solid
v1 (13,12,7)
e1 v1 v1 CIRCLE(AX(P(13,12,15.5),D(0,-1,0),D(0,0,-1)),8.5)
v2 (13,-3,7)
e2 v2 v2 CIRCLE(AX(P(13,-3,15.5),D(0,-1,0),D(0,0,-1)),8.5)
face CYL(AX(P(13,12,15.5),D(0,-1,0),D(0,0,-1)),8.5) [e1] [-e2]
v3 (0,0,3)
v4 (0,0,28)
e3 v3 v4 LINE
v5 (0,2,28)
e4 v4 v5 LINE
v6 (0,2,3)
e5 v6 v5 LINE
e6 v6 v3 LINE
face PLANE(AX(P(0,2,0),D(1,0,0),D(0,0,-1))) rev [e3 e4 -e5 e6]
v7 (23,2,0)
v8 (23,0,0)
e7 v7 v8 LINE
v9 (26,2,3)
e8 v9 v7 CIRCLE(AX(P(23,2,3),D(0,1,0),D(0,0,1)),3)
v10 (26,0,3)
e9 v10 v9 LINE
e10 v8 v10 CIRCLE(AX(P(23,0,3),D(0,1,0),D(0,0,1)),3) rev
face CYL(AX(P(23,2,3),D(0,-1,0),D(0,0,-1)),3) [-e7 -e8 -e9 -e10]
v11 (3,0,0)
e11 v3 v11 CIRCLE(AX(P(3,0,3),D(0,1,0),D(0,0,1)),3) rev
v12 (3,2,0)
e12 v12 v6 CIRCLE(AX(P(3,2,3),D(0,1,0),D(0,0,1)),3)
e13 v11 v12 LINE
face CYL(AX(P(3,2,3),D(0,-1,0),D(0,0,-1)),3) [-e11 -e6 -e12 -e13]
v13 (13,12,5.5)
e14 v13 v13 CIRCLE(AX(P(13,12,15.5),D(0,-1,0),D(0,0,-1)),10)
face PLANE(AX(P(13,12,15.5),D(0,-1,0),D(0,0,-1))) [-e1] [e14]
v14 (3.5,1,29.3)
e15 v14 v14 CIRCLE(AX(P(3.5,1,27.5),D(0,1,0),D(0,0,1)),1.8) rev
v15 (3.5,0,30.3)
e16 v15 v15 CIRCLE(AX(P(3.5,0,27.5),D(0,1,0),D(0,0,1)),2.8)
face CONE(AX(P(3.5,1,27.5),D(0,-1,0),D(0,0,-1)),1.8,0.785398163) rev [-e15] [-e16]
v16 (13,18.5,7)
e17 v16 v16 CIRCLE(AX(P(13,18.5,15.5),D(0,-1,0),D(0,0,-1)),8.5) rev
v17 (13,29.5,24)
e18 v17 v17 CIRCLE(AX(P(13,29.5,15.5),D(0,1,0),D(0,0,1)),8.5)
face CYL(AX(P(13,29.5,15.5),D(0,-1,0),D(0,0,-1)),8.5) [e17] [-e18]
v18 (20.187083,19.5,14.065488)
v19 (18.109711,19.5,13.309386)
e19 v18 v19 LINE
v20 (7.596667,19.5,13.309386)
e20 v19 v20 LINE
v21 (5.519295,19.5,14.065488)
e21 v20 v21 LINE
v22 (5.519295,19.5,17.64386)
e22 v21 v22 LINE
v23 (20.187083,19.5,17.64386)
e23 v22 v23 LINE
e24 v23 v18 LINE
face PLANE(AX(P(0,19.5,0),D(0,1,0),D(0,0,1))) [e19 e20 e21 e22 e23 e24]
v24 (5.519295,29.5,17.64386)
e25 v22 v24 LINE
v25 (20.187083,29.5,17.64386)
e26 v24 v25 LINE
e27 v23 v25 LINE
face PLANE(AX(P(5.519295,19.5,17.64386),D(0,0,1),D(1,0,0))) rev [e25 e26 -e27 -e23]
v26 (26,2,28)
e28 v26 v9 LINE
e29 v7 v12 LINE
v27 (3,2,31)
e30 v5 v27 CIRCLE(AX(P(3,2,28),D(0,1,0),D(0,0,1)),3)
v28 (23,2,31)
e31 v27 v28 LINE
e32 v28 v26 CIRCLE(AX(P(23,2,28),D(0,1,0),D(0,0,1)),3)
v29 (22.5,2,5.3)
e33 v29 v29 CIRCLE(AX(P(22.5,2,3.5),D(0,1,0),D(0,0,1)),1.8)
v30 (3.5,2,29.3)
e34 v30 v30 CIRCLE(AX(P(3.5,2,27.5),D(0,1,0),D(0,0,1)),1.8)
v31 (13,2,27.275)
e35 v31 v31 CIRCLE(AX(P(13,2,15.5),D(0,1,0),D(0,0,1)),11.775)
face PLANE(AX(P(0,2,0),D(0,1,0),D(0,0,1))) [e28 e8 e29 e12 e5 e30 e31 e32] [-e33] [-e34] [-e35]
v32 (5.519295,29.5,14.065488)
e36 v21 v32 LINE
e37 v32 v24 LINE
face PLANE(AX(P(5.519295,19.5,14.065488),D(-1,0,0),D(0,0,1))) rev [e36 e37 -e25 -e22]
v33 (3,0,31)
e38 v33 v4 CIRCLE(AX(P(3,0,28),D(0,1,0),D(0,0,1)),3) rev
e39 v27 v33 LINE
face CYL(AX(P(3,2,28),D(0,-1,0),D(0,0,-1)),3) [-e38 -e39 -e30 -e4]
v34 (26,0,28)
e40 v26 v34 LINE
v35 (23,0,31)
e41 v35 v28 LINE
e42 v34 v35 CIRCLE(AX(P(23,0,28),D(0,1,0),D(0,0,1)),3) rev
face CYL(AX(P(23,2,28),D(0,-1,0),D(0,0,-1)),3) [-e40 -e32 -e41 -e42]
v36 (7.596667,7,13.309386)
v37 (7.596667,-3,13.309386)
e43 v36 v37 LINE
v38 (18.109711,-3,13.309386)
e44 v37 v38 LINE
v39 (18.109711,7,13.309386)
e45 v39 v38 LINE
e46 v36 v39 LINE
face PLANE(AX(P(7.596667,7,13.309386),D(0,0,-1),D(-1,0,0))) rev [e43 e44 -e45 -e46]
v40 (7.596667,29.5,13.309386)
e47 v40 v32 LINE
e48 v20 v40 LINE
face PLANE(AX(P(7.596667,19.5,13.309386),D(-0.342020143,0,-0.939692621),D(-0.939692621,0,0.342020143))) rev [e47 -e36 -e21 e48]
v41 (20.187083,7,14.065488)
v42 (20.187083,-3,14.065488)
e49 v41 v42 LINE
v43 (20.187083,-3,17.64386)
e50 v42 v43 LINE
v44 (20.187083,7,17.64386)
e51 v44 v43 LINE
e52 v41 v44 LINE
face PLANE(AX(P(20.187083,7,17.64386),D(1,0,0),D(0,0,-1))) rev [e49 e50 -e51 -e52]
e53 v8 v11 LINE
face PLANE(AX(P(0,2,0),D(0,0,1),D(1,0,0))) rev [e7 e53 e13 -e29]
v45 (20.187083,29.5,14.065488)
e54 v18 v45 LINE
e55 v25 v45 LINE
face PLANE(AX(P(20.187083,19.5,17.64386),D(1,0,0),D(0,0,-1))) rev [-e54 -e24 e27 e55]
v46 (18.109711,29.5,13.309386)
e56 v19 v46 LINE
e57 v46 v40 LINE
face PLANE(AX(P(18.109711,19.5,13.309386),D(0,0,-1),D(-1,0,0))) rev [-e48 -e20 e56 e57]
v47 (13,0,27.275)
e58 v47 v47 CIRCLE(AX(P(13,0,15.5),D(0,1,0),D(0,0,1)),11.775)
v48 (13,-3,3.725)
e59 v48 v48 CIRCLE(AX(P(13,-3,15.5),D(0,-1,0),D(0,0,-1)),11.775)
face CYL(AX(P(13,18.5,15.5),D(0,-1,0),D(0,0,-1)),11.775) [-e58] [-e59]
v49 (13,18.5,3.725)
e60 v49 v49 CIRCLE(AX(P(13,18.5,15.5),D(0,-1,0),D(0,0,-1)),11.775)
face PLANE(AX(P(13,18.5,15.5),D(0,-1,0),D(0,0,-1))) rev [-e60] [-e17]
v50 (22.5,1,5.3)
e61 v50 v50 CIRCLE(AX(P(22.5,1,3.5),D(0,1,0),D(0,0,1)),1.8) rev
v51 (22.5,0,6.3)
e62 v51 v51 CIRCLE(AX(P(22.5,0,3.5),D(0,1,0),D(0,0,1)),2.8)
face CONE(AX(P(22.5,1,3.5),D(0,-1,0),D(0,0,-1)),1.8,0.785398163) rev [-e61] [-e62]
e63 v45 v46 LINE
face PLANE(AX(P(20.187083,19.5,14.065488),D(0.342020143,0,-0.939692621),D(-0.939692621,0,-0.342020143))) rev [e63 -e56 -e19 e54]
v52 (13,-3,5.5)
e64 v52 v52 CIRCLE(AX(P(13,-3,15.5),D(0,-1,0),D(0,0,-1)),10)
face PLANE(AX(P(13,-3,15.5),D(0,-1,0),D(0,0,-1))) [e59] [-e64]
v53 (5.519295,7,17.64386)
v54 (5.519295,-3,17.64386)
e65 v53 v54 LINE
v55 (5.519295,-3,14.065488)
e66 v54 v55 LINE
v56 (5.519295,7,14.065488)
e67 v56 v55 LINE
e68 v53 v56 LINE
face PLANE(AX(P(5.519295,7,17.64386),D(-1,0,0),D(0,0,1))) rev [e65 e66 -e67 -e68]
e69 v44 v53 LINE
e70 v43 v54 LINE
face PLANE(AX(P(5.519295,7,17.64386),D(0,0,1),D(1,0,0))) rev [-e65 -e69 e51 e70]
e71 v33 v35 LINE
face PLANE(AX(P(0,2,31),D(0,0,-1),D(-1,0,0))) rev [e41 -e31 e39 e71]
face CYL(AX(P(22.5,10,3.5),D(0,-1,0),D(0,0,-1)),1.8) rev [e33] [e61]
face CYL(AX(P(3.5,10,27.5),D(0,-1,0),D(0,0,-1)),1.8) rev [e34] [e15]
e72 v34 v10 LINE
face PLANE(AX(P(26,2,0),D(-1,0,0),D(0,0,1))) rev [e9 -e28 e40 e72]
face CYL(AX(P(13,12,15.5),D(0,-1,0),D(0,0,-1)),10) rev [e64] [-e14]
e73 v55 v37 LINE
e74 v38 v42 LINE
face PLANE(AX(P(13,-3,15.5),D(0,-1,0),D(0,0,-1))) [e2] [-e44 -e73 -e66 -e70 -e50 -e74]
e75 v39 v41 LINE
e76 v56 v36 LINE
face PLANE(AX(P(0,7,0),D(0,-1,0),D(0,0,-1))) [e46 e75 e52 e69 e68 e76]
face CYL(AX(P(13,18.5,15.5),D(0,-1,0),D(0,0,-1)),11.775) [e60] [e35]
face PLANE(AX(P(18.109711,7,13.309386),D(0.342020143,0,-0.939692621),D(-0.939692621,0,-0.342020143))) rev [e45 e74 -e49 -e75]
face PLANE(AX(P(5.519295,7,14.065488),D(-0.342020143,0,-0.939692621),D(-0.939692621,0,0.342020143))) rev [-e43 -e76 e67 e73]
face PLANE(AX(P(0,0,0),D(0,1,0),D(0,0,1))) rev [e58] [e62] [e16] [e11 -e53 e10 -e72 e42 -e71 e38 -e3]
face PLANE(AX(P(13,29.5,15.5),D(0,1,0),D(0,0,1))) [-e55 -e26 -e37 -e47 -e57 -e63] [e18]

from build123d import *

# Parameters (mm, degrees)
SKETCH1_W           = 26
SKETCH1_H           = 31
EXTRUDE1_DEPTH      = 2
SKETCH2_R           = 11.775
EXTRUDE2_DEPTH      = 3
EXTRUDE2_DEPTH_BACK = 18.5
SKETCH3_R           = 8.5
EXTRUDE3_DEPTH      = 11
SKETCH4_R           = 10
SKETCH4_R_2         = 8.5
EXTRUDE4_DEPTH      = 15
EXTRUDE5_DEPTH      = 10
SKETCH9_R           = 1.8
EXTRUDE6_DEPTH      = 10
CHAMFER1_SIZE       = 1
FILLET1_R           = 3
EXTRUDE7_DEPTH      = 10


with BuildPart() as part:
    # Sketch1 → Extrude1 (new body)
    with BuildSketch(Plane(origin=(0, 0, 0), x_dir=(1, 0, 0), z_dir=(0, 1, 0))):
        with Locations((13, -15.5)):
            Rectangle(SKETCH1_W, SKETCH1_H)
    extrude(amount=EXTRUDE1_DEPTH)

    # Sketch2 → Extrude2 (add, two sides)
    with BuildSketch(Plane(origin=(0, 0, 0), x_dir=(-1, 0, 0), z_dir=(0, -1, 0))) as extrude2_sk:
        with Locations((-13, -15.5)):
            Circle(SKETCH2_R)
    extrude(amount=EXTRUDE2_DEPTH)
    extrude(extrude2_sk.sketch, amount=-EXTRUDE2_DEPTH_BACK)

    # Sketch3 → Extrude3 (add)
    with BuildSketch(Plane(origin=(0, 18.5, 0), x_dir=(1, 0, 0), z_dir=(0, 1, 0))):
        with Locations((13, -15.5)):
            Circle(SKETCH3_R)
    extrude(amount=EXTRUDE3_DEPTH)

    # Sketch4 → Extrude4 (cut)
    with BuildSketch(Plane(origin=(0, -3, 0), x_dir=(-1, 0, 0), z_dir=(0, -1, 0))):
        with Locations((-13, -15.5)):
            Circle(SKETCH4_R)
        with Locations((-13, -15.5)):
            Circle(SKETCH4_R_2, mode=Mode.SUBTRACT)
    extrude(amount=-EXTRUDE4_DEPTH, mode=Mode.SUBTRACT)

    # Sketch5 → Extrude5 (cut)
    with BuildSketch(Plane(origin=(0, -3, 0), x_dir=(-1, 0, 0), z_dir=(0, -1, 0))):
        Polygon((-5.519295113, -14.065487649), (-7.596667184, -13.309386049), (-18.109711193, -13.309386049), (-20.187083264, -14.065487649), (-20.187083264, -17.643859967), (-5.519295113, -17.643859967), align=None)
    extrude(amount=-EXTRUDE5_DEPTH, mode=Mode.SUBTRACT)

    # Sketch9 → Extrude6 (cut)
    with BuildSketch(Plane.XZ):
        with Locations((3.5, 27.5)):
            Circle(SKETCH9_R)
        with Locations((22.5, 3.5)):
            Circle(SKETCH9_R)
    extrude(amount=-EXTRUDE6_DEPTH, mode=Mode.SUBTRACT)

    # Chamfer1
    chamfer1_edges = [part.edges().sort_by_distance(p)[0] for p in [
        (1.7, 0, 27.5),
        (20.7, 0, 3.5),
    ]]
    chamfer(chamfer1_edges, length=CHAMFER1_SIZE)

    # Fillet1
    fillet1_edges = [part.edges().sort_by_distance(p)[0] for p in [
        (0, 1, 0),
        (26, 1, 0),
        (26, 1, 31),
        (0, 1, 31),
    ]]
    fillet(fillet1_edges, radius=FILLET1_R)

    # Sketch10 → Extrude7 (cut)
    with BuildSketch(Plane(origin=(0, 29.5, 0), x_dir=(1, 0, 0), z_dir=(0, 1, 0))):
        Polygon((5.519295113, -14.065487649), (5.519295113, -17.643859967), (20.187083264, -17.643859967), (20.187083264, -14.065487649), (18.109711193, -13.309386049), (7.596667184, -13.309386049), align=None)
    extrude(amount=-EXTRUDE7_DEPTH, mode=Mode.SUBTRACT)


solid = part.part
